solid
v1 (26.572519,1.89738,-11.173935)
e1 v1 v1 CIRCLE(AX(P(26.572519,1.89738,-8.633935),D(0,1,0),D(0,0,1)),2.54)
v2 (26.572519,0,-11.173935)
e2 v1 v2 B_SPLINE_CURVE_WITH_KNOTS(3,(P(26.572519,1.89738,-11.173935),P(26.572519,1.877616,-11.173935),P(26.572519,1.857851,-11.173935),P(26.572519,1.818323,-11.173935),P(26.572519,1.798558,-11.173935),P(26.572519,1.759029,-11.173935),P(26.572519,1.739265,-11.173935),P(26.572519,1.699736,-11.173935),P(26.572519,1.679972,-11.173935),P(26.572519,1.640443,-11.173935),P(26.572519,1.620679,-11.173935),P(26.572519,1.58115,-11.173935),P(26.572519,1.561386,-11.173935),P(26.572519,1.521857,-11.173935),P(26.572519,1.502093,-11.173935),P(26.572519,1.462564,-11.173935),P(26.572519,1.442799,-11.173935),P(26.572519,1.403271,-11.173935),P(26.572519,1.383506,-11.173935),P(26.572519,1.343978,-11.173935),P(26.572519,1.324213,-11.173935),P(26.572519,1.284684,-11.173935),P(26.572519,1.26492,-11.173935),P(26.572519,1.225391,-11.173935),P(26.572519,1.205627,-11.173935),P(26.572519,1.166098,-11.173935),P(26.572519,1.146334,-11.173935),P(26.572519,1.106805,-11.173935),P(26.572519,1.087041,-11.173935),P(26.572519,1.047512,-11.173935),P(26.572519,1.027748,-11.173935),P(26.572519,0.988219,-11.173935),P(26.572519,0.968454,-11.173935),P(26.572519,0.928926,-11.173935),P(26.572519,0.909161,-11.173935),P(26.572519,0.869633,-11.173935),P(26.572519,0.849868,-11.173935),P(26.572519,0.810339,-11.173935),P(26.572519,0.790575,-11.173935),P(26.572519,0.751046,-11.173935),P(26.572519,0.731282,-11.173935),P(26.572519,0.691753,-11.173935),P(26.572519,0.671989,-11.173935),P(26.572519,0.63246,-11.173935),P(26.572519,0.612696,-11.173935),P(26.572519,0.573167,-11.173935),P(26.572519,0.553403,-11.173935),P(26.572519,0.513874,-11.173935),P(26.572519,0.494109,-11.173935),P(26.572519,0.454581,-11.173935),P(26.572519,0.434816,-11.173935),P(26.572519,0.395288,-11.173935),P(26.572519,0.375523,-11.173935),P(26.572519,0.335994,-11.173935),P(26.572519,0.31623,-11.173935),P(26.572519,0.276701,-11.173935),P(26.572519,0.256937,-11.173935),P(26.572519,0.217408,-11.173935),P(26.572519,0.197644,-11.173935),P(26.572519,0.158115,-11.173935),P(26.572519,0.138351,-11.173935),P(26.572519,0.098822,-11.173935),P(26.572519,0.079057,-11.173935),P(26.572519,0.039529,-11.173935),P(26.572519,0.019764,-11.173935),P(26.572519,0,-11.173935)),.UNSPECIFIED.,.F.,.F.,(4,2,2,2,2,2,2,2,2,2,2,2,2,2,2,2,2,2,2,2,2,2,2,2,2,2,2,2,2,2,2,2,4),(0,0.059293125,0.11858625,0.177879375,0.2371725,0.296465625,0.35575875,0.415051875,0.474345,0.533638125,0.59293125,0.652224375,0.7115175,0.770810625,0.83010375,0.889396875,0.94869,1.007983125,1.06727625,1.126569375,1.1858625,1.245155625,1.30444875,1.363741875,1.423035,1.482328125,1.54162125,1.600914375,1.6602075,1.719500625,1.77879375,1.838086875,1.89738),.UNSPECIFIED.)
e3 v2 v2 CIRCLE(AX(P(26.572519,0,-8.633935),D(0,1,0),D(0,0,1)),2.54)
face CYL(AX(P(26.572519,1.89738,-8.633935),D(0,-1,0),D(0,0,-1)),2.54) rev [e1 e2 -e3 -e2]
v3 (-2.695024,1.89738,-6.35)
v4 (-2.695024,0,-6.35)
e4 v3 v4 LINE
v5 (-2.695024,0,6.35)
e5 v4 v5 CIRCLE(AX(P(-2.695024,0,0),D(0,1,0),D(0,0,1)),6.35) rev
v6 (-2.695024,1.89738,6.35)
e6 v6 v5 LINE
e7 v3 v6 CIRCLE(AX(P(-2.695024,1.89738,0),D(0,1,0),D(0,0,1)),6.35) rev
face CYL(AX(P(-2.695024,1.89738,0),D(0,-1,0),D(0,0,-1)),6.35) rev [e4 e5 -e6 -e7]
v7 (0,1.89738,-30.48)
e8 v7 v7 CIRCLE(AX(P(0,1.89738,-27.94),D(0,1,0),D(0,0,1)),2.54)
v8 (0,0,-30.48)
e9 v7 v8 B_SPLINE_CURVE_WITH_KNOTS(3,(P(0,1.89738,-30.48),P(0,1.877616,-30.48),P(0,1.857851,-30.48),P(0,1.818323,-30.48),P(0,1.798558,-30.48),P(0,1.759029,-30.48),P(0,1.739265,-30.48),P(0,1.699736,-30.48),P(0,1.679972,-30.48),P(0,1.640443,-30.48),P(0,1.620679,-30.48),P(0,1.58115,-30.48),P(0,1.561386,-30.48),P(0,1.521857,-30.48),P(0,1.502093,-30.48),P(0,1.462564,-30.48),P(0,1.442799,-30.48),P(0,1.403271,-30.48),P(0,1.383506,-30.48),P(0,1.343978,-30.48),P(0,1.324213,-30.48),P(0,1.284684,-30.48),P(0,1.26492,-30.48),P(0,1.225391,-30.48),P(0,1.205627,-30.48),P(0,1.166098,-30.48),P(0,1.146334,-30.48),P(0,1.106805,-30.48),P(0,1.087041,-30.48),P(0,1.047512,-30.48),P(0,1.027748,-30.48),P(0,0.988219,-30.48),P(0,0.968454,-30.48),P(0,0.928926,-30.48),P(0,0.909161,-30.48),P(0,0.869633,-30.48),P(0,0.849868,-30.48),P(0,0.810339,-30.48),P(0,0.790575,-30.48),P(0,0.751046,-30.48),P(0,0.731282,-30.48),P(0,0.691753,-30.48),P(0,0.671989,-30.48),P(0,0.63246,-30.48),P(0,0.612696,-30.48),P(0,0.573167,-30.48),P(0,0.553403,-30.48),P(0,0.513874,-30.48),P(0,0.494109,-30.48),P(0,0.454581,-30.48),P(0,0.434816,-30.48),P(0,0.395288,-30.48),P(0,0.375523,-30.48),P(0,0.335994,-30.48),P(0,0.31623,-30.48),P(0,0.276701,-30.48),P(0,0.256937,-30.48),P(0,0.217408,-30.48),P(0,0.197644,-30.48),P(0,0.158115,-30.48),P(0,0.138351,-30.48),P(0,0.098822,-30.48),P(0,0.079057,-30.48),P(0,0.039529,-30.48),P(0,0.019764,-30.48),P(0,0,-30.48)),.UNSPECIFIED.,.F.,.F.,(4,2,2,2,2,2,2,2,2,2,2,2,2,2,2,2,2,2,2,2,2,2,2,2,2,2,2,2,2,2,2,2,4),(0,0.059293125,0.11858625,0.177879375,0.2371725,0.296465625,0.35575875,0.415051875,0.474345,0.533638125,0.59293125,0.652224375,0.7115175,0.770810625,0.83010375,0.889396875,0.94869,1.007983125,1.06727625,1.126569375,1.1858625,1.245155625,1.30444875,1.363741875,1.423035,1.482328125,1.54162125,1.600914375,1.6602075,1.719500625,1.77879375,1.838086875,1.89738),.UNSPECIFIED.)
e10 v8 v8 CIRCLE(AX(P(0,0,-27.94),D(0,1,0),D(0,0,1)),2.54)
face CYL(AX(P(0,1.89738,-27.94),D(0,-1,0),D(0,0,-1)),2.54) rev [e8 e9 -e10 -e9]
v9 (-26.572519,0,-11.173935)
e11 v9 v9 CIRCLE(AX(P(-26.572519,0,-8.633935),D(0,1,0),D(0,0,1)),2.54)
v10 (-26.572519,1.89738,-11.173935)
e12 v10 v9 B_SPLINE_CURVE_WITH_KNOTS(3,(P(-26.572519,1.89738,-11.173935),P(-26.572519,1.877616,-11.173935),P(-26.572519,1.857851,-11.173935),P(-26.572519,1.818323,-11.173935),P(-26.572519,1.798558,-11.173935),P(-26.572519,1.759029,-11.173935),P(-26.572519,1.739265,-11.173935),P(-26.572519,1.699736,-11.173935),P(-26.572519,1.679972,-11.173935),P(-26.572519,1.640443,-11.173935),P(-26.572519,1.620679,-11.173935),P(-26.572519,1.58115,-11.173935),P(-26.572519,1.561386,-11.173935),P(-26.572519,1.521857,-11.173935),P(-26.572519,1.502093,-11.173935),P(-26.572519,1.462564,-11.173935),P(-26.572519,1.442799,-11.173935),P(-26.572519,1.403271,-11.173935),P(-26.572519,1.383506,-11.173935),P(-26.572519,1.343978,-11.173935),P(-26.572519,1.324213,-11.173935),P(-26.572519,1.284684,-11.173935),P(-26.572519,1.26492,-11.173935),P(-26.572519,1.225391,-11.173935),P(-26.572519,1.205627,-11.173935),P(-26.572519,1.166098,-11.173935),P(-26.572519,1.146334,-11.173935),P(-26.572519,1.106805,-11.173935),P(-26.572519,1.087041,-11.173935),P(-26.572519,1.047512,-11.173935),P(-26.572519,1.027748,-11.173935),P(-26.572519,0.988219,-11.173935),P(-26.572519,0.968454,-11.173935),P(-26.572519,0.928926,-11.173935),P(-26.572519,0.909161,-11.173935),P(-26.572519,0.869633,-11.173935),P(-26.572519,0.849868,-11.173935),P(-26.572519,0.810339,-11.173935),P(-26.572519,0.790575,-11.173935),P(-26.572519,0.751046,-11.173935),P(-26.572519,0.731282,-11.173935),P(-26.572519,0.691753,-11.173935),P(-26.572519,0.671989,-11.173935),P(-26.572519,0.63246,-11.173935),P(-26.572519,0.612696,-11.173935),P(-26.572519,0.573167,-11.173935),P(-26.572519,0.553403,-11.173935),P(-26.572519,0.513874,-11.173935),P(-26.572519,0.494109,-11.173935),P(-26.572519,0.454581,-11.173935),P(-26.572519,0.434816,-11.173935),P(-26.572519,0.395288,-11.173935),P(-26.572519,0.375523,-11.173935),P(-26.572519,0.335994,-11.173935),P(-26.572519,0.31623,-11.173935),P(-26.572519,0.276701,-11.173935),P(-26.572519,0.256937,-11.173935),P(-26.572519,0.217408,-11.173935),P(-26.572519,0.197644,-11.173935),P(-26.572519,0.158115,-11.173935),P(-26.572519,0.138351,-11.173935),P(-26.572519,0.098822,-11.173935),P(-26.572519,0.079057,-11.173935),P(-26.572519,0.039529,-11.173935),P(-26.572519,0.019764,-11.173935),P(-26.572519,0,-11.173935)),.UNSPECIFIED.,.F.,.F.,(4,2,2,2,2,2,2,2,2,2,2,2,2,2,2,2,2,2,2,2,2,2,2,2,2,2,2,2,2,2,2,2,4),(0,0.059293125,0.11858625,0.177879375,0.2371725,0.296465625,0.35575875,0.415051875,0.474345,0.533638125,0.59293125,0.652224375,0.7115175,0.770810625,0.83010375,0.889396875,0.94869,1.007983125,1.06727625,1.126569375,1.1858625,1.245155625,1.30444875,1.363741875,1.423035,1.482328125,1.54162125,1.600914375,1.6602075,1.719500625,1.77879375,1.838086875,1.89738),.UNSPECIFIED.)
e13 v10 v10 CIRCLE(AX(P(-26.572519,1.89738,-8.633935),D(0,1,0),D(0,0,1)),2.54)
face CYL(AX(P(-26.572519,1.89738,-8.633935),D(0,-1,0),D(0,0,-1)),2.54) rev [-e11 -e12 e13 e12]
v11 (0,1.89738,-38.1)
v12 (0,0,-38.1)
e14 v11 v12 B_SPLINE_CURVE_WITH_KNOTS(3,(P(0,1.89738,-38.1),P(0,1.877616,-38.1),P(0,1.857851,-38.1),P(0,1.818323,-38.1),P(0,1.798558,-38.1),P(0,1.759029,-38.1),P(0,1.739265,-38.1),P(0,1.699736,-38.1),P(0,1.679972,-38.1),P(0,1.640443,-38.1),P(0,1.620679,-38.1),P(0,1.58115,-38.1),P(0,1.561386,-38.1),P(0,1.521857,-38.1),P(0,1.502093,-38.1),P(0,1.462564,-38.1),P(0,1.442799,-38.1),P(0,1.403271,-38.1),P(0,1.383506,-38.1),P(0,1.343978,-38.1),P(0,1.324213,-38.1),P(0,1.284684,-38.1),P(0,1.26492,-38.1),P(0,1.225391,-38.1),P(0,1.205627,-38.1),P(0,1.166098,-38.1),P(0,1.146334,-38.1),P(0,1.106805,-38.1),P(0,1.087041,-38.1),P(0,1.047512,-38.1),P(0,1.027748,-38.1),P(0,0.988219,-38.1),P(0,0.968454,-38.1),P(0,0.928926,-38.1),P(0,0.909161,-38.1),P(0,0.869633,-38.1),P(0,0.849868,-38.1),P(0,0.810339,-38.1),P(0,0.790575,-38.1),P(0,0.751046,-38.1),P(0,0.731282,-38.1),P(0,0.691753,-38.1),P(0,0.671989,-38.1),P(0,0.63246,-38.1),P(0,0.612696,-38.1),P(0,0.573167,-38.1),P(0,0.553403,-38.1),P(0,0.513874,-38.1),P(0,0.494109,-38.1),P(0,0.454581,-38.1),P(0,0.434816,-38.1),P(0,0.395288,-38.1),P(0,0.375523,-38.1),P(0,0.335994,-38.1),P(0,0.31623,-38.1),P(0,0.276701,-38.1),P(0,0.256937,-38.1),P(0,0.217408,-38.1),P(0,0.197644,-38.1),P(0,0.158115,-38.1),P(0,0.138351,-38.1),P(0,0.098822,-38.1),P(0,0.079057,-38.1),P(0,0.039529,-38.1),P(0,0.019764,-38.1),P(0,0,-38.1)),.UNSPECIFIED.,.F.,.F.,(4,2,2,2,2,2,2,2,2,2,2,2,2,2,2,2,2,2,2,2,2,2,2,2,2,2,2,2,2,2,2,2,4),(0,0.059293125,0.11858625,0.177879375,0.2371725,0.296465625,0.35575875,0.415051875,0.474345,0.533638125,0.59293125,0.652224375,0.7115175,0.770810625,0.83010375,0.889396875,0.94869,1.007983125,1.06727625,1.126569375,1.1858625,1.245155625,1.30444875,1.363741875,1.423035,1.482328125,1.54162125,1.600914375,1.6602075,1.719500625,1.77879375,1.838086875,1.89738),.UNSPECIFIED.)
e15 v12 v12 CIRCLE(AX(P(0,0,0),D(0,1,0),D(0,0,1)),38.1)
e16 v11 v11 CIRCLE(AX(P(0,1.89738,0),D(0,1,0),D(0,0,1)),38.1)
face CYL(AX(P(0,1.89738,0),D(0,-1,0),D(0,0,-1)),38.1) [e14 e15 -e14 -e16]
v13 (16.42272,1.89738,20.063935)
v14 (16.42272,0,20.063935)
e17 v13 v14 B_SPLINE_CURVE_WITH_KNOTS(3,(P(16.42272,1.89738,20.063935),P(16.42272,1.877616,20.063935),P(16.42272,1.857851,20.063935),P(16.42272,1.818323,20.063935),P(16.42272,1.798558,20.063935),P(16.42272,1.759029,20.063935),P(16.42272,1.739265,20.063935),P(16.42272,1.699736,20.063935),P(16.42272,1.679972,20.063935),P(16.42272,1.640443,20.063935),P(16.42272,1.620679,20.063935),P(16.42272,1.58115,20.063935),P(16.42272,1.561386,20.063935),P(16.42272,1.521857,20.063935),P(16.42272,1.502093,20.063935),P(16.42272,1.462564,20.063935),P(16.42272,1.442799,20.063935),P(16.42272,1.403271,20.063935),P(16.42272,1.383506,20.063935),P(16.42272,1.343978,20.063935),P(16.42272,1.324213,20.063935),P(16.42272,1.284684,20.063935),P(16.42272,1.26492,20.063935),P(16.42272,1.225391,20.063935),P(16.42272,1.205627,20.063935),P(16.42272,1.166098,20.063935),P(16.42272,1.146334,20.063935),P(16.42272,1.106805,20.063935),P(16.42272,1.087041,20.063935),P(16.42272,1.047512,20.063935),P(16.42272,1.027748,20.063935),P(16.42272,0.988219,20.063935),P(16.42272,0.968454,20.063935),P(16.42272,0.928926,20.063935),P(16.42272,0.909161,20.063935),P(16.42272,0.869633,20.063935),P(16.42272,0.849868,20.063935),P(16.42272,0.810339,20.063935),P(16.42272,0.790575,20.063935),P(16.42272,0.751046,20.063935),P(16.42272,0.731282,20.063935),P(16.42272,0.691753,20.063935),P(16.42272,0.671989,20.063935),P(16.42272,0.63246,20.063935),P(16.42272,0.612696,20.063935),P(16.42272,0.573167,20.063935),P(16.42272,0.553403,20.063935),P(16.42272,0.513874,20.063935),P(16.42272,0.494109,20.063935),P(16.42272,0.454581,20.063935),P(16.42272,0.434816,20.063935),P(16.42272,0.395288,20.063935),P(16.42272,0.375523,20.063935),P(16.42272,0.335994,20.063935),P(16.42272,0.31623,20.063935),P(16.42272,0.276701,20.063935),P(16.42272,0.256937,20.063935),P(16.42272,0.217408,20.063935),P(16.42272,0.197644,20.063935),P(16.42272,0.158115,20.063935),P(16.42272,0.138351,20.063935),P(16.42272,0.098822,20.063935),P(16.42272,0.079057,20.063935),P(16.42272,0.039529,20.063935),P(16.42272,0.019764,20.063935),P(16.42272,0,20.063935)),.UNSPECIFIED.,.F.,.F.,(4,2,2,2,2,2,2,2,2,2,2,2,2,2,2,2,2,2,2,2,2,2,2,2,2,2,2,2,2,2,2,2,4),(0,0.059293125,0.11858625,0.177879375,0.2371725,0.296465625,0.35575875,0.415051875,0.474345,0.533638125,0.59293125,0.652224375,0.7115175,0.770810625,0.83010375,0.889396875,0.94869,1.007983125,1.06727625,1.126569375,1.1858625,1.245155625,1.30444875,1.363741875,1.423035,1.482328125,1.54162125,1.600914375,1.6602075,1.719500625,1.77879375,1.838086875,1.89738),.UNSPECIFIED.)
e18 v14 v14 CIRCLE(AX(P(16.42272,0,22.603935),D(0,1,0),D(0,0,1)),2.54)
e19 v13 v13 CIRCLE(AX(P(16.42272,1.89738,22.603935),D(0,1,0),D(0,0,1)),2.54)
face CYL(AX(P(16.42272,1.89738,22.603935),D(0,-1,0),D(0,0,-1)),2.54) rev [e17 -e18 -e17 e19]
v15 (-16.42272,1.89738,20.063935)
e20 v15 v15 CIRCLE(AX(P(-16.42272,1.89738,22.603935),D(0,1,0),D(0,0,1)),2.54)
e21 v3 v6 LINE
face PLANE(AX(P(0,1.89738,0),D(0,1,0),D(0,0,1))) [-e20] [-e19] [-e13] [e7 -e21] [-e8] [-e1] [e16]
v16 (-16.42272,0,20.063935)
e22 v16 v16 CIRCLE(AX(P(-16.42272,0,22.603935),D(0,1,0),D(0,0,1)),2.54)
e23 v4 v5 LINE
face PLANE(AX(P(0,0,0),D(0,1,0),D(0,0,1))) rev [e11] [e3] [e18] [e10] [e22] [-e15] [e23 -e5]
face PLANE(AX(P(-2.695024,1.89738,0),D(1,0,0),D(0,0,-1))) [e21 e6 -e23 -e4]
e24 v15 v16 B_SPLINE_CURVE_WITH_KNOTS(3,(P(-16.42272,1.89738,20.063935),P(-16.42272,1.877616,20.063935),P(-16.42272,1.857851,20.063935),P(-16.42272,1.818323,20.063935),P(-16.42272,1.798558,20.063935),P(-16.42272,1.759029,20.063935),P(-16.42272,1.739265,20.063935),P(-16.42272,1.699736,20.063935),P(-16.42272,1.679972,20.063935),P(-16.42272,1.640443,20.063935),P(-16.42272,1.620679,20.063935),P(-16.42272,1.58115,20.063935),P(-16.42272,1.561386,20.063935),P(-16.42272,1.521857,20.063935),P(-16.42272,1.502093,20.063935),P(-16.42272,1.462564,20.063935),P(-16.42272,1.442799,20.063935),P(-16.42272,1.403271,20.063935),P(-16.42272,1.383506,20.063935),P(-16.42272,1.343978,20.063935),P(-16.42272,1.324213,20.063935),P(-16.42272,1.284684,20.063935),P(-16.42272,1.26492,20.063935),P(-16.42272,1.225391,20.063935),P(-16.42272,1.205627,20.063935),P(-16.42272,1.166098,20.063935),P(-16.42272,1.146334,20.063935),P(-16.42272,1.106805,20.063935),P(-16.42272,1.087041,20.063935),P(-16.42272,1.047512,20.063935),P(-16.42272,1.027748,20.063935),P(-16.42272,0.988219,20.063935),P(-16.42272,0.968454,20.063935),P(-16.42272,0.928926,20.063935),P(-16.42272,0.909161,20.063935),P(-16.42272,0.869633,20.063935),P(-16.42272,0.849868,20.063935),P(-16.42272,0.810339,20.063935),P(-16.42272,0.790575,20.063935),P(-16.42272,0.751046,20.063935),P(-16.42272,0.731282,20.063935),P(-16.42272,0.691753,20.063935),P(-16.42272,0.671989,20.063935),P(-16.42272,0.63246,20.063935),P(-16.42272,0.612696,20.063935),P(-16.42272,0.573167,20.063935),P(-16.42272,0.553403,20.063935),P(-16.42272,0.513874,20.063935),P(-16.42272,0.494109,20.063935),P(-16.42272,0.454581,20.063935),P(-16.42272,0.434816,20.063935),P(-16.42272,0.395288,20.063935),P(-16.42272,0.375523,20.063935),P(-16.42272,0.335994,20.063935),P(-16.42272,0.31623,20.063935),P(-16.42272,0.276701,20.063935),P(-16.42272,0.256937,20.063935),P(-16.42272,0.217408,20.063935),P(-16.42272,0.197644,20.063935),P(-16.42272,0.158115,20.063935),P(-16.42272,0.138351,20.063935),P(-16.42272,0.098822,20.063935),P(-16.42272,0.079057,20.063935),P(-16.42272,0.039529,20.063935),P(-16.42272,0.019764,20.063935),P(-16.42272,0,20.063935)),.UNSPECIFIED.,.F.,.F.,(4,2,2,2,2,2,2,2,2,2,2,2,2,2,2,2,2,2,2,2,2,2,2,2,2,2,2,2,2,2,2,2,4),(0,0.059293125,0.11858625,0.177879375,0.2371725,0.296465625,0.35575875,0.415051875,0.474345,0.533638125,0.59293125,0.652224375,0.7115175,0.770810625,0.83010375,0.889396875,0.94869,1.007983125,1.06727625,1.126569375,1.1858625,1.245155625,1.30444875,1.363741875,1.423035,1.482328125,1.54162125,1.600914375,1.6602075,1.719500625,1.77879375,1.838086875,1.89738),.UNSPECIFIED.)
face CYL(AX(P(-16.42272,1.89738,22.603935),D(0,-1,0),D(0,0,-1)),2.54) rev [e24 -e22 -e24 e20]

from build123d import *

# Parameters (mm, degrees)
SKETCH1_R           = 38.1
SKETCH1_R_2         = 2.54
BOSS_EXTRUDE1_DEPTH = 1.89738


with BuildPart() as part:
    # Sketch1 → Boss-Extrude1 (new body)
    with BuildSketch(Plane(origin=(0, 0, 0), x_dir=(1, 0, 0), z_dir=(0, 1, 0))):
        with Locations(Location((0, 0, 0), (0, 0, 90))):
            Circle(SKETCH1_R)
        with Locations(Location((0, 27.94, 0), (0, 0, 90))):
            Circle(SKETCH1_R_2, mode=Mode.SUBTRACT)
        with Locations(Location((26.572519065, 8.633934823, 0), (0, 0, 90))):
            Circle(SKETCH1_R_2, mode=Mode.SUBTRACT)
        with Locations(Location((16.422719949, -22.603934823, 0), (0, 0, 90))):
            Circle(SKETCH1_R_2, mode=Mode.SUBTRACT)
        with Locations(Location((-16.422719949, -22.603934823, 0), (0, 0, 90))):
            Circle(SKETCH1_R_2, mode=Mode.SUBTRACT)
        with Locations(Location((-26.572519065, 8.633934823, 0), (0, 0, 90))):
            Circle(SKETCH1_R_2, mode=Mode.SUBTRACT)
        with BuildLine():
            Line((-2.695023706, 6.35), (-2.695023706, -6.35))
            ThreePointArc((-2.695023706, -6.35), (3.654976294, 0), (-2.695023706, 6.35))
        make_face(mode=Mode.SUBTRACT)
    extrude(amount=BOSS_EXTRUDE1_DEPTH)


solid = part.part
